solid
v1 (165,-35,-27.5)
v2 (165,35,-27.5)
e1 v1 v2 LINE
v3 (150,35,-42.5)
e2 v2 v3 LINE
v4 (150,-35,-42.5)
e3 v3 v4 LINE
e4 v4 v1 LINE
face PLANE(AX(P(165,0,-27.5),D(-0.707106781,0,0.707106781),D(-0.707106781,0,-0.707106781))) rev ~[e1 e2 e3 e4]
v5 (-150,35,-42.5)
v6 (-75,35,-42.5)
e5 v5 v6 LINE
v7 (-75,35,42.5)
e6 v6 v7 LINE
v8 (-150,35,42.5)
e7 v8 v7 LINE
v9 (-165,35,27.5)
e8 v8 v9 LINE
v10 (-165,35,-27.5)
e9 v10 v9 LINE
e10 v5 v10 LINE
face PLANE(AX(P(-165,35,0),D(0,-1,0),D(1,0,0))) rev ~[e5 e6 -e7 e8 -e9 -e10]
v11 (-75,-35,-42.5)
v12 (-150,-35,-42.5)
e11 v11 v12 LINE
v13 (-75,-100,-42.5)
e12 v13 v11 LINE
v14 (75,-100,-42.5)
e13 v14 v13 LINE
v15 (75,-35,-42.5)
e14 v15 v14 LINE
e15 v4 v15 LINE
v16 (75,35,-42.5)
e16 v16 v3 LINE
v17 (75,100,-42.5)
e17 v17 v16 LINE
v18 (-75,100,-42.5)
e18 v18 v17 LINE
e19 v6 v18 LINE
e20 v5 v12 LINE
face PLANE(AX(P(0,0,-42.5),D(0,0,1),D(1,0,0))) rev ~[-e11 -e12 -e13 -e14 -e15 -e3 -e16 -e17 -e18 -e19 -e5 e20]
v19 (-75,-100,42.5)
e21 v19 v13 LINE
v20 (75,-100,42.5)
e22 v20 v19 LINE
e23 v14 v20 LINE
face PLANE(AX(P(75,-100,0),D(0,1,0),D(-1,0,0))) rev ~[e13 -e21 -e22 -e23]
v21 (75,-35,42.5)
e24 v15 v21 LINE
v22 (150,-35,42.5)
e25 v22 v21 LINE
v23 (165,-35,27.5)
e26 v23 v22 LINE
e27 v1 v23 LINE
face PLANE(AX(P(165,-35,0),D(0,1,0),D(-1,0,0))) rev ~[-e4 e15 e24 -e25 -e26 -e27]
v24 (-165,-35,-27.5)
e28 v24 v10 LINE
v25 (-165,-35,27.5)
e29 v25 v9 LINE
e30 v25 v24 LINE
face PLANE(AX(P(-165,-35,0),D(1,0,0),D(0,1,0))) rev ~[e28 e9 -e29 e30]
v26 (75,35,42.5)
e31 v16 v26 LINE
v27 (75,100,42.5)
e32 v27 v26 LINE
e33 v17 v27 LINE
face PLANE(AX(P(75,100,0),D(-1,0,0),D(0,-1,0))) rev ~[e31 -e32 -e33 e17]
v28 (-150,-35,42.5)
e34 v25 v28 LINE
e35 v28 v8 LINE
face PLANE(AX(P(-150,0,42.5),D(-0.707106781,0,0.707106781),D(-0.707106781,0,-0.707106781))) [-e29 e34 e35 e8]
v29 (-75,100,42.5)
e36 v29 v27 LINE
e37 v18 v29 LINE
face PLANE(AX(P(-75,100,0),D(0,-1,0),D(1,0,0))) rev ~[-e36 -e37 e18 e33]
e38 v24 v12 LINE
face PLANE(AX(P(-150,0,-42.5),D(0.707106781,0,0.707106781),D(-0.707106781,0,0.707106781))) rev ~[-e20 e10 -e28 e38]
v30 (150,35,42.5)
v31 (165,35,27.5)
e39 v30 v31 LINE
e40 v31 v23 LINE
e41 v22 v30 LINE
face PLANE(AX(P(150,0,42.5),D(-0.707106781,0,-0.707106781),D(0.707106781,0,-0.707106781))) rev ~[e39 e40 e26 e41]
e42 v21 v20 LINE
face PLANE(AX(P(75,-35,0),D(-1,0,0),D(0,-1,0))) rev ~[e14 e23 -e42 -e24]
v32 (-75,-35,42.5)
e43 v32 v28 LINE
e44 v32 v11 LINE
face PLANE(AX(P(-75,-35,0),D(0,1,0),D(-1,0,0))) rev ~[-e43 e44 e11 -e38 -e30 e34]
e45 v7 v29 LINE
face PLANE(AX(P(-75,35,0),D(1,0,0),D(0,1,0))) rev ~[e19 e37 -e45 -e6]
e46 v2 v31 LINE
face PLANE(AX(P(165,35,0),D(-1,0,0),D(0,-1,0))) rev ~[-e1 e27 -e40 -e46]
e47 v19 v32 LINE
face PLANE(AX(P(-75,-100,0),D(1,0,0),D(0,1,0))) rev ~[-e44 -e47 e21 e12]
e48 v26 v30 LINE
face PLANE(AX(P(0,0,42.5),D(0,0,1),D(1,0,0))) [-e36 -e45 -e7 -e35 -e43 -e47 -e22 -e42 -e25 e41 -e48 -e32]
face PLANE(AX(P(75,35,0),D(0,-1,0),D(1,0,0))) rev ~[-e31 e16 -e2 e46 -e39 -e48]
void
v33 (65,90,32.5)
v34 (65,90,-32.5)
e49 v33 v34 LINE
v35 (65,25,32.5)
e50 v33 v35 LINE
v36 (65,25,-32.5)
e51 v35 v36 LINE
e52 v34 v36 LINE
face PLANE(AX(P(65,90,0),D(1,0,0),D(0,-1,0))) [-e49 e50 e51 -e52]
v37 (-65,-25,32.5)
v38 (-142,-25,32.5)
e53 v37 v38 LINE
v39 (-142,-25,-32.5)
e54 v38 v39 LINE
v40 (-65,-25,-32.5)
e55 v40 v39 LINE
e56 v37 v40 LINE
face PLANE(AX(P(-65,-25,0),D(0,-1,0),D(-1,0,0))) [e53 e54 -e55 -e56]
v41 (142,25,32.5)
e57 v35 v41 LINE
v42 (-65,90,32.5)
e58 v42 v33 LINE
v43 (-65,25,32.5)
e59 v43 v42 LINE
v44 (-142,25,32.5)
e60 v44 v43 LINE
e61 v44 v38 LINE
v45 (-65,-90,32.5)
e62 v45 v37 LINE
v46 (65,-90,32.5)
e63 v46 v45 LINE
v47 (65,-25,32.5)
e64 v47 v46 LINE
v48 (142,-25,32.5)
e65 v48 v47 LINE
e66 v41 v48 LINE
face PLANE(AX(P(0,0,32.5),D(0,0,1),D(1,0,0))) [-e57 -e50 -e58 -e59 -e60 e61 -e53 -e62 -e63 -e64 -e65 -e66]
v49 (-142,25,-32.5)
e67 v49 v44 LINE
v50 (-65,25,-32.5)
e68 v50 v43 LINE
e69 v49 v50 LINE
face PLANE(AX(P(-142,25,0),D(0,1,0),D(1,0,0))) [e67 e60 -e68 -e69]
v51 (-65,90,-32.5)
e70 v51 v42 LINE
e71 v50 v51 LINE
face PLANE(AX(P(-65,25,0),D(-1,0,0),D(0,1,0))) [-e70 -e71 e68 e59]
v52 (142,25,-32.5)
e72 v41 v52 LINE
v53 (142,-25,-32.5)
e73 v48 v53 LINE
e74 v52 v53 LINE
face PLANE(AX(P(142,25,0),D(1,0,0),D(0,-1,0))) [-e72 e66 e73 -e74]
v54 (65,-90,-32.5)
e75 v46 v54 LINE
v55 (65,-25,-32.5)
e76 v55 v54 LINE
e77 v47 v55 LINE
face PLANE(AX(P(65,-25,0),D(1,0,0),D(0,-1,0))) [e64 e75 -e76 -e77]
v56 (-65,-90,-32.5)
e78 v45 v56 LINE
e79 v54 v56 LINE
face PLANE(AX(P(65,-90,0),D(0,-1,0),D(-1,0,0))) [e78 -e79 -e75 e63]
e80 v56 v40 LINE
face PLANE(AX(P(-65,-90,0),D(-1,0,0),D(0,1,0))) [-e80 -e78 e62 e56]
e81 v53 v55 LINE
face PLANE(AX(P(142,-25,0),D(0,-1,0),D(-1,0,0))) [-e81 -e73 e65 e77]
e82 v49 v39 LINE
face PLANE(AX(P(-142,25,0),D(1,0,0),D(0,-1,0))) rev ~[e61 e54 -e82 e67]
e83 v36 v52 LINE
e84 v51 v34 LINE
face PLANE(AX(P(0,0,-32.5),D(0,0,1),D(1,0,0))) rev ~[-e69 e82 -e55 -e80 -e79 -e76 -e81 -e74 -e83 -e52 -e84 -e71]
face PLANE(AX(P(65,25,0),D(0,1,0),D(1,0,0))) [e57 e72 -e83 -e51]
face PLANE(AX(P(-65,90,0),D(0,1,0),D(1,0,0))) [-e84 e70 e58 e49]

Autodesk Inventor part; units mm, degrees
ref_plane "YZ Plane" through (0, 0, 0) normal (1, 0, 0) x (0, 1, 0)
ref_plane "XZ Plane" through (0, 0, 0) normal (0, 1, 0) x (-1, 0, 0)
ref_plane "XY Plane" through (0, 0, 0) normal (0, 0, 1) x (1, 0, 0)
sketch "Sketch1" plane through (0, 0, 0) normal (0, 0, 1) x (1, 0, 0)
  line L0 (75, -100) -> (-75, -100)
  line L1 (-75, 100) -> (75, 100)
  line L2 (75, -100) -> (-75, 100) construction
  line L3 (-75, -100) -> (75, 100) construction
  line L4 (-165, -35) -> (-165, 35)
  line L5 (165, 35) -> (165, -35)
  line L6 (165, -35) -> (-165, 35) construction
  line L7 (-165, -35) -> (165, 35) construction
  line L8 (-75, -100) -> (-75, -35)
  line L9 (-75, 35) -> (-75, 100)
  line L10 (-165, 35) -> (-75, 35)
  line L11 (75, 35) -> (165, 35)
  line L12 (75, 100) -> (75, 35)
  line L13 (75, -35) -> (75, -100)
  line L14 (165, -35) -> (75, -35)
  line L15 (-75, -35) -> (-165, -35)
  line L16 (-65, 90) -> (65, 90)
  line L17 (65, 90) -> (65, 25)
  line L18 (65, 25) -> (155, 25)
  line L19 (155, 25) -> (155, -25)
  line L20 (155, -25) -> (65, -25)
  line L21 (65, -25) -> (65, -90)
  line L22 (65, -90) -> (-65, -90)
  line L23 (-65, -90) -> (-65, -25)
  line L24 (-65, -25) -> (-155, -25)
  line L25 (-155, -25) -> (-155, 25)
  line L26 (-155, 25) -> (-65, 25)
  line L27 (-65, 25) -> (-65, 90)
  line L28 (-142, 25) -> (-142, -25)
  line L29 (142, 25) -> (142, -25)
  point P0 (0, 0)
  point P1 (0, 0)
  point P2 (0, 0)
  point P3 (0, 0)
  point P4 (0, 0)
  dimension "d0" = 70
  dimension "d1" = 330
  dimension "d2" = 150
  dimension "d3" = 200
  dimension "d10" = 10
  dimension "d11" = 23
  dimension "d12" = 23
extrude "Extrusion1" add sketch "Sketch1" along normal mid plane 85 contours L0 L8 L15 L4 L10 L9 L1 L12 L11 L5 L14 L13 | L16 L17 L18 L29 L20 L21 L22 L23 L24 L28 L26 L27 | L28 L24 L25 L26 | L18 L19 L20 L29
sketch "Sketch2" plane through (0, 0, 0) normal (0, 1, 0) x (-1, 0, 0)
  line L0 (-150, 42.5) -> (-165, 27.5)
  line L1 (-165, -42.5) -> (-165, 42.5) projected
  line L2 (-165, -27.5) -> (-150, -42.5)
  line L3 (-165, -42.5) -> (-75, -42.5) projected
  line L4 (75, 42.5) -> (165, 42.5) projected
  line L5 (150, 42.5) -> (165, 27.5)
  line L6 (165, -42.5) -> (165, 42.5) projected
  line L7 (-165, -42.5) -> (165, -42.5) projected
  line L8 (150, -42.5) -> (165, -27.5)
  line L9 (-165, 42.5) -> (165, 42.5) projected
  line L10 (165, 0) -> (-165, 0) construction
  line L11 (-165, 42.5) -> (-165, -42.5) construction
  line L12 (-75, 42.5) -> (75, 42.5) construction
  line L13 (0, 42.5) -> (0, -42.5) construction
  line L14 (75, -42.5) -> (-75, -42.5) construction
  point P0 (0, 0)
  dimension "d6" = 15
  dimension "d7" = 45
extrude "Extrusion2" cut sketch "Sketch2" along normal through all both and the other way through all contours L0 L1 L9 | L2 L3 L1 | L4 L6 L5 | L6 L7 L8
extrude "Extrusion3" cut sketch "Sketch1" along normal mid plane 65 contours L16 L17 L18 L29 L20 L21 L22 L23 L24 L28 L26 L27
equation "\"d10\" = wall_thickness"
equation "\"d13\" = body_thickness - 2 * wall_thickness"
equation "\"wall_thickness\" = 10"
equation "\"body_thickness\" = 85"
